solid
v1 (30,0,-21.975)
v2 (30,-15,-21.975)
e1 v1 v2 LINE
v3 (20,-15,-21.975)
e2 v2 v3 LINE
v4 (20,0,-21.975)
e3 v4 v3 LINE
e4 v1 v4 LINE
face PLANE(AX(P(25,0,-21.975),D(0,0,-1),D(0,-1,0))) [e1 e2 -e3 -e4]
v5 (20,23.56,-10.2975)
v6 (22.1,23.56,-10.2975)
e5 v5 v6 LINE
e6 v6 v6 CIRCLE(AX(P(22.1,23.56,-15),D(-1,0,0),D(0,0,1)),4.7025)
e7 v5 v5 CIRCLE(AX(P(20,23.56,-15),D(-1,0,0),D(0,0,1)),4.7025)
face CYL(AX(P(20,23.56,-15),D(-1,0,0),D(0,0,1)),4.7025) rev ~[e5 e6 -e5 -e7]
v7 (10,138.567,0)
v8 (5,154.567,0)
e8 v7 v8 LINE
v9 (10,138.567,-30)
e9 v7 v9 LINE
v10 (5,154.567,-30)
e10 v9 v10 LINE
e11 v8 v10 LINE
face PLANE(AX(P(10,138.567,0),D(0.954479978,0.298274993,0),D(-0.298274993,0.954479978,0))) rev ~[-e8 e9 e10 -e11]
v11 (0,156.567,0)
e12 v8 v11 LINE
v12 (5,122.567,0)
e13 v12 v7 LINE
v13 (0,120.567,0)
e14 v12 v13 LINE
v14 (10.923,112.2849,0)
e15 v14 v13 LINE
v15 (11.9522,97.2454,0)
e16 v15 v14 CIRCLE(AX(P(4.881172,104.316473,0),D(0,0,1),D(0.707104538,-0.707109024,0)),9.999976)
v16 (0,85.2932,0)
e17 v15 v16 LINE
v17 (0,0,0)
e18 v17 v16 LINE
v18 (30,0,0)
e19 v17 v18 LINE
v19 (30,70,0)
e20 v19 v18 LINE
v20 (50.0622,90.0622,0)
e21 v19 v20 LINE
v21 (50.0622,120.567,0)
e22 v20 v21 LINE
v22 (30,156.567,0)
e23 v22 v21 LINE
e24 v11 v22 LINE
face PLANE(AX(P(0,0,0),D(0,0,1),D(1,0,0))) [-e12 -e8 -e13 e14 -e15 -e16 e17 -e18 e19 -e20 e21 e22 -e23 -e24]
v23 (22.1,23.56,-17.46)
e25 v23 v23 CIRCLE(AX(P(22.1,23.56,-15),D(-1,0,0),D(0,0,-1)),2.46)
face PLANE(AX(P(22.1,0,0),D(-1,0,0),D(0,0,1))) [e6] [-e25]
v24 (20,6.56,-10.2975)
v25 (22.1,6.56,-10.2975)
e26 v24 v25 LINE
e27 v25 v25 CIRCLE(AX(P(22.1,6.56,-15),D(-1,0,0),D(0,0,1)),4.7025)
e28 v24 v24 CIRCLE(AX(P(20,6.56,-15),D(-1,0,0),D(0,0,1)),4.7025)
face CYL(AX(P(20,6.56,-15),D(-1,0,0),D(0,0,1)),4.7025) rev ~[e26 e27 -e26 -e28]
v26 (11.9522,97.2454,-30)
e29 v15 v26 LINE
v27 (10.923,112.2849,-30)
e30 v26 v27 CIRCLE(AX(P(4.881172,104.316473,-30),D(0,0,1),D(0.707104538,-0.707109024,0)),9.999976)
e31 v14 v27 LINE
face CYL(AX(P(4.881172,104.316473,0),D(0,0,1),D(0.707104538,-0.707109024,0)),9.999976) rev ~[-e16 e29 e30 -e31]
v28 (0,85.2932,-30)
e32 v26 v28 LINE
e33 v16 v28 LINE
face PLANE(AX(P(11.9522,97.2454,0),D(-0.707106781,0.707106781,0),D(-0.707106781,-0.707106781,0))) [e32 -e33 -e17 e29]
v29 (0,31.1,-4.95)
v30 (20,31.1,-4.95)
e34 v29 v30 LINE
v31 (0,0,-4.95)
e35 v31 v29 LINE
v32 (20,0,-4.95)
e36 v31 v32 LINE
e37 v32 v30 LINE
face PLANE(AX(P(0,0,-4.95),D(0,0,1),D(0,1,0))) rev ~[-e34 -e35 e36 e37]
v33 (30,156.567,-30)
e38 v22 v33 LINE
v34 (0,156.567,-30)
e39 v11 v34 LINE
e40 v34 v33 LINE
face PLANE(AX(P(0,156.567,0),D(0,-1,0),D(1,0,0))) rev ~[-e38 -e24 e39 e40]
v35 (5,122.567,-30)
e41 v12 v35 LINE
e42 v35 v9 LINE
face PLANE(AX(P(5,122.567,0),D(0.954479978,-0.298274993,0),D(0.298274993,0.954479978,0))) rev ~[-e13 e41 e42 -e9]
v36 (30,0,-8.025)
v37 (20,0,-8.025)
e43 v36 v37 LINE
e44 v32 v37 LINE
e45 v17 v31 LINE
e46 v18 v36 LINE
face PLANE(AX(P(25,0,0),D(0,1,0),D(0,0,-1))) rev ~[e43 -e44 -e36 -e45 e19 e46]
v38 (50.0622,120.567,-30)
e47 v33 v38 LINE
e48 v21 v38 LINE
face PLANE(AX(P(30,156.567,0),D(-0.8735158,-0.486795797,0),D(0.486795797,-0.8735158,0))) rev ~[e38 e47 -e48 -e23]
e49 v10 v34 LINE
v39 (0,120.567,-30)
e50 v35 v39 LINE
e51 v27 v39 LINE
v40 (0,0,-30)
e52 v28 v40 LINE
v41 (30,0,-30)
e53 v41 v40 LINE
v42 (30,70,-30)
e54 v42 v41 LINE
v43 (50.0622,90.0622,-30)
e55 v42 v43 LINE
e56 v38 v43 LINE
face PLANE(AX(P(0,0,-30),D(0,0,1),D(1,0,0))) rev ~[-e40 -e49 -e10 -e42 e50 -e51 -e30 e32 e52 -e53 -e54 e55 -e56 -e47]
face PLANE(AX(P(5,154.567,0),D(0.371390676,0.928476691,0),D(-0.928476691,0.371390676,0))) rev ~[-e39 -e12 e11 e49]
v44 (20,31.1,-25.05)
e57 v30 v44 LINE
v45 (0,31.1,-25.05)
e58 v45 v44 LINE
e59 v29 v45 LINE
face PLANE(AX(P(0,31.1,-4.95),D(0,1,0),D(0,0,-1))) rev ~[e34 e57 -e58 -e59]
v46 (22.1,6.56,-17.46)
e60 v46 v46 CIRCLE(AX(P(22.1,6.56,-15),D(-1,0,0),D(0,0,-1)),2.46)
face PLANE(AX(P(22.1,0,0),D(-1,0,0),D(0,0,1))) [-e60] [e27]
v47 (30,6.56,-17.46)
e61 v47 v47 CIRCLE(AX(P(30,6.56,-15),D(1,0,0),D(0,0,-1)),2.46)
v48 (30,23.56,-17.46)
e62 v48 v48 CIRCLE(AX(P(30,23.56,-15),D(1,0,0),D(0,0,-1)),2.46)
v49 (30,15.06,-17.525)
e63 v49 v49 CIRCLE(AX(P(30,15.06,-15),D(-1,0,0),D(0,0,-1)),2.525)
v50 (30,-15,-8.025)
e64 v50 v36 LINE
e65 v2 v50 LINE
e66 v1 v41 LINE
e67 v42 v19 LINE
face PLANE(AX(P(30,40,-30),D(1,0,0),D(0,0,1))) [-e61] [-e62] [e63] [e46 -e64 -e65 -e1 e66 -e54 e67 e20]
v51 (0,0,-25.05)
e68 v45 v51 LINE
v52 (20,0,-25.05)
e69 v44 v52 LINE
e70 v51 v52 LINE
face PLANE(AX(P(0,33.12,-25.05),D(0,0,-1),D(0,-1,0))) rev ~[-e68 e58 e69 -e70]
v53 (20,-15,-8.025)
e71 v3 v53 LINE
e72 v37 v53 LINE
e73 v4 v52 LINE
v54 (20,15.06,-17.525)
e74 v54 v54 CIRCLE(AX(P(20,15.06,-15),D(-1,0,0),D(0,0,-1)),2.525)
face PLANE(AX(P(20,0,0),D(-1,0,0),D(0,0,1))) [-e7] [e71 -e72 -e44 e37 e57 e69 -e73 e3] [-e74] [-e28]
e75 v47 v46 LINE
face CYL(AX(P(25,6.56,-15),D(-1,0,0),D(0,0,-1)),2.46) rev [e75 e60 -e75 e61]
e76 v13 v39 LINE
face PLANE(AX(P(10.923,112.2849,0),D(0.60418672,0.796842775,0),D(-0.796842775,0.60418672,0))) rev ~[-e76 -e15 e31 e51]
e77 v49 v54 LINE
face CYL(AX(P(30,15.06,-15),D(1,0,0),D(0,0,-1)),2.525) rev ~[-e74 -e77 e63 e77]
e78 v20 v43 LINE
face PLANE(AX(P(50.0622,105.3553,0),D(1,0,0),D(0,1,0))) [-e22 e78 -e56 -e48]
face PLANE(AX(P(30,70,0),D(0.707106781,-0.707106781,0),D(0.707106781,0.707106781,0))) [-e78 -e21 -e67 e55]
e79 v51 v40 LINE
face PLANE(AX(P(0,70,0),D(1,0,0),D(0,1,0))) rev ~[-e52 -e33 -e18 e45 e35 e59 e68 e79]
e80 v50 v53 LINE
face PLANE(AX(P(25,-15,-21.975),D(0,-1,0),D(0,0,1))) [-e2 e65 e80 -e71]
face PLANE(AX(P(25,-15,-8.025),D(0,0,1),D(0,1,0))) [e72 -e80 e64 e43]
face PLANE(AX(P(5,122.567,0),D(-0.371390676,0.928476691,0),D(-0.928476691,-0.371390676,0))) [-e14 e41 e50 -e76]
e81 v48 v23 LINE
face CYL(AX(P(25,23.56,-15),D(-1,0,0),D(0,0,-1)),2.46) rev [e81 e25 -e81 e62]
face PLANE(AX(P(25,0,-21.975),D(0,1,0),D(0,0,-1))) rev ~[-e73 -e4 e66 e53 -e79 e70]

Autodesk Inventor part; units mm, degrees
ref_plane "YZ Plane" through (0, 0, 0) normal (1, 0, 0) x (0, 1, 0)
ref_plane "XZ Plane" through (0, 0, 0) normal (0, 1, 0) x (-1, 0, 0)
ref_plane "XY Plane" through (0, 0, 0) normal (0, 0, 1) x (1, 0, 0)
sketch "Sketch1" plane through (0, 0, 0) normal (0, 0, 1) x (1, 0, 0)
  line L0 (0, 0) -> (25, 0)
  line L1 (25, 0) -> (25, 40)
  line L2 (25, 40) -> (0, 40)
  line L3 (0, 40) -> (0, 0)
  dimension "d1" = 25
  dimension "d2" = 40
  dimension "d3" = 25
extrude "Extrusion1" add sketch "Sketch1" against normal blind 30
sketch "Sketch2" plane through (25, 0, 0) normal (1, 0, 0) x (0, 0, -1)
  line L0 (0, 0) -> (30, 0) projected
  circle A0 centre (15, 6.56) radius 2.46
extrude "Extrusion2" cut sketch "Sketch2" against normal blind 30
sketch "Sketch3" plane through (0, 0, 0) normal (-1, 0, 0) x (0, 0, 1)
  line L0 (0, 0) -> (-30, 0) projected
  line L1 (-25.05, 0) -> (-4.95, 0)
  line L2 (-4.95, 0) -> (-4.95, 33.12)
  line L3 (-4.95, 33.12) -> (-25.05, 33.12)
  line L4 (-25.05, 33.12) -> (-25.05, 0)
  dimension "d11" = 20.1
extrude "Extrusion3" cut sketch "Sketch3" against normal blind 20
sketch "Sketch4" plane through (0, 0, 0) normal (0, -1, 0) x (1, 0, 0)
  line L0 (20, -4.95) -> (20, -25.05) projected
  line L1 (20, -15) -> (25, -15)
  line L2 (25, 0) -> (25, -30) projected
  line L3 (20, -8.025) -> (25, -8.025)
  line L4 (25, -8.025) -> (25, -21.975)
  line L5 (25, -21.975) -> (20, -21.975)
  line L6 (20, -21.975) -> (20, -8.025)
  line L7 (20, -8.025) -> (25, -21.975) construction
  line L8 (25, -8.025) -> (20, -21.975) construction
  line L9 (25, -12.54) -> (25, -17.46) projected
  point P0 (0, 0)
  point P1 (22.5, -15)
  dimension "d14" = 13.95
extrude "Extrusion4" add sketch "Sketch4" along normal blind 15
sketch "Sketch5" plane through (20, 0, 0) normal (-1, 0, 0) x (0, 0, 1)
  circle A0 centre (-15, 6.56) radius 2.46 projected
  circle A1 centre (-15, 6.56) radius 4.7025
  circle A2 centre (-15, 6.56) radius 2.46 projected
  circle A3 centre (-15, 6.56) radius 2.46
  point P0 (0, 0)
  dimension "d17" = 9.405
extrude "Extrusion5" cut sketch "Sketch5" against normal blind 2.1
sketch "Sketch6" plane through (25, 0, 0) normal (1, 0, 0) x (0, 0, -1)
  circle A0 centre (15, 6.56) radius 4.7025 projected
  line L0 (15, 6.56) -> (15, 23.56)
  circle A1 centre (15, 23.56) radius 2.46
  point P0 (0, 0)
  dimension "d20" = 17
  dimension "d21" = 4.92
extrude "Extrusion6" cut sketch "Sketch6" against normal blind 10 contours A1
sketch "Sketch7" plane through (20, 0, 0) normal (-1, 0, 0) x (0, 0, 1)
  circle A0 centre (-15, 23.56) radius 2.46 projected
  circle A1 centre (-15, 23.56) radius 4.7025
  point P0 (0, 0)
  dimension "d24" = 9.405
extrude "Extrusion7" cut sketch "Sketch7" against normal blind 2.1
sketch "Sketch9" plane through (25, 0, 0) normal (1, 0, 0) x (0, 0, -1)
  circle A0 centre (15, 6.56) radius 2.46 projected
  circle A1 centre (15, 6.56) radius 2.46
  circle A2 centre (15, 23.56) radius 2.46 projected
  circle A3 centre (15, 23.56) radius 2.46
  line L0 (30, 40) -> (30, 0) projected
  line L1 (30, 0) -> (30, 40)
  line L2 (30, 40) -> (0, 40)
  line L3 (0, 40) -> (0, 0)
  line L4 (0, 0) -> (8.025, 0) projected
  line L5 (21.975, 0) -> (21.975, -15)
  line L6 (21.975, -15) -> (8.025, -15)
  line L7 (8.025, -15) -> (8.025, 0)
  line L8 (0, 0) -> (8.025, 0)
  line L9 (21.975, 0) -> (30, 0)
extrude "Extrusion8" add sketch "Sketch9" along normal blind 5
sketch "Sketch10" plane through (0, 40, 0) normal (0, 1, 0) x (1, 0, 0)
  line L0 (0, 30) -> (30, 30) projected
  line L1 (30, 0) -> (0, 0) projected
  line L2 (0, 30) -> (30, 30)
  line L3 (30, 30) -> (30, 0)
  line L4 (30, 0) -> (0, 0)
  line L5 (0, 0) -> (0, 30)
extrude "Extrusion9" add sketch "Sketch10" along normal blind 30
sketch "Sketch12" plane through (30, 0, 0) normal (1, 0, 0) x (0, 0, -1)
  circle A0 centre (15, 6.56) radius 2.46 projected
  line L0 (15, 6.56) -> (15, 15.06)
  circle A1 centre (15, 15.06) radius 2.525
  point P0 (0, 0)
  dimension "d31" = 8.5
  dimension "d33" = 5.05
extrude "Extrusion10" cut sketch "Sketch12" against normal blind 30 contours A1
sketch "Sketch15" plane through (0, 0, -25.05) normal (-1, 0, 0) x (0, 0, 1)
  line L0 (0, 33.12) -> (20.1, 33.12) projected
  line L1 (20.1, 33.12) -> (20.1, 0) projected
  line L2 (0, 33.12) -> (20.1, 33.12)
  line L3 (20.1, 33.12) -> (20.1, 31.1)
  line L4 (20.1, 31.1) -> (0, 31.1)
  line L5 (0, 31.1) -> (0, 33.12)
  point P0 (25.05, 0)
  dimension "d57" = 2.02
extrude "Extrusion13" add sketch "Sketch15" against normal blind 20
sketch "Sketch17" plane through (0, 0, 0) normal (0, 0, 1) x (1, 0, 0)
  line L0 (0, 70) -> (30, 70) projected
  line L1 (30, 70) -> (50.0622, 90.0622)
  line L2 (30, 70) -> (80, 70) construction
  line L3 (11.9522, 97.2454) -> (0, 85.2932)
  line L4 (0, 70) -> (0, 85.2932)
  line L5 (0, 70) -> (0, 0) projected
  line L6 (0, 70) -> (30, 70)
  line L7 (10.923, 112.2849) -> (0, 120.567)
  line L8 (50.0622, 105.3553) -> (50.0622, 120.567)
  line L9 (50.0622, 105.3553) -> (50.0622, 90.0622)
  arc A0 (11.9522, 97.2454) -> (10.923, 112.2849) centre (4.8811, 104.3165) ccw
  line L10 (0, 156.567) -> (30, 156.567)
  line L11 (30, 156.567) -> (50.0622, 120.567)
  line L12 (5, 154.567) -> (0, 156.567)
  line L13 (5, 122.567) -> (0, 120.567)
  line L14 (5, 122.567) -> (10, 138.567)
  line L15 (10, 138.567) -> (5, 154.567)
  dimension "d61" = 45
  dimension "d62" = 32.0271
  dimension "d72" = 10
extrude "Extrusion14" add sketch "Sketch17" against normal blind 30
properties part number "rec_c_32mm_x_30mm"
